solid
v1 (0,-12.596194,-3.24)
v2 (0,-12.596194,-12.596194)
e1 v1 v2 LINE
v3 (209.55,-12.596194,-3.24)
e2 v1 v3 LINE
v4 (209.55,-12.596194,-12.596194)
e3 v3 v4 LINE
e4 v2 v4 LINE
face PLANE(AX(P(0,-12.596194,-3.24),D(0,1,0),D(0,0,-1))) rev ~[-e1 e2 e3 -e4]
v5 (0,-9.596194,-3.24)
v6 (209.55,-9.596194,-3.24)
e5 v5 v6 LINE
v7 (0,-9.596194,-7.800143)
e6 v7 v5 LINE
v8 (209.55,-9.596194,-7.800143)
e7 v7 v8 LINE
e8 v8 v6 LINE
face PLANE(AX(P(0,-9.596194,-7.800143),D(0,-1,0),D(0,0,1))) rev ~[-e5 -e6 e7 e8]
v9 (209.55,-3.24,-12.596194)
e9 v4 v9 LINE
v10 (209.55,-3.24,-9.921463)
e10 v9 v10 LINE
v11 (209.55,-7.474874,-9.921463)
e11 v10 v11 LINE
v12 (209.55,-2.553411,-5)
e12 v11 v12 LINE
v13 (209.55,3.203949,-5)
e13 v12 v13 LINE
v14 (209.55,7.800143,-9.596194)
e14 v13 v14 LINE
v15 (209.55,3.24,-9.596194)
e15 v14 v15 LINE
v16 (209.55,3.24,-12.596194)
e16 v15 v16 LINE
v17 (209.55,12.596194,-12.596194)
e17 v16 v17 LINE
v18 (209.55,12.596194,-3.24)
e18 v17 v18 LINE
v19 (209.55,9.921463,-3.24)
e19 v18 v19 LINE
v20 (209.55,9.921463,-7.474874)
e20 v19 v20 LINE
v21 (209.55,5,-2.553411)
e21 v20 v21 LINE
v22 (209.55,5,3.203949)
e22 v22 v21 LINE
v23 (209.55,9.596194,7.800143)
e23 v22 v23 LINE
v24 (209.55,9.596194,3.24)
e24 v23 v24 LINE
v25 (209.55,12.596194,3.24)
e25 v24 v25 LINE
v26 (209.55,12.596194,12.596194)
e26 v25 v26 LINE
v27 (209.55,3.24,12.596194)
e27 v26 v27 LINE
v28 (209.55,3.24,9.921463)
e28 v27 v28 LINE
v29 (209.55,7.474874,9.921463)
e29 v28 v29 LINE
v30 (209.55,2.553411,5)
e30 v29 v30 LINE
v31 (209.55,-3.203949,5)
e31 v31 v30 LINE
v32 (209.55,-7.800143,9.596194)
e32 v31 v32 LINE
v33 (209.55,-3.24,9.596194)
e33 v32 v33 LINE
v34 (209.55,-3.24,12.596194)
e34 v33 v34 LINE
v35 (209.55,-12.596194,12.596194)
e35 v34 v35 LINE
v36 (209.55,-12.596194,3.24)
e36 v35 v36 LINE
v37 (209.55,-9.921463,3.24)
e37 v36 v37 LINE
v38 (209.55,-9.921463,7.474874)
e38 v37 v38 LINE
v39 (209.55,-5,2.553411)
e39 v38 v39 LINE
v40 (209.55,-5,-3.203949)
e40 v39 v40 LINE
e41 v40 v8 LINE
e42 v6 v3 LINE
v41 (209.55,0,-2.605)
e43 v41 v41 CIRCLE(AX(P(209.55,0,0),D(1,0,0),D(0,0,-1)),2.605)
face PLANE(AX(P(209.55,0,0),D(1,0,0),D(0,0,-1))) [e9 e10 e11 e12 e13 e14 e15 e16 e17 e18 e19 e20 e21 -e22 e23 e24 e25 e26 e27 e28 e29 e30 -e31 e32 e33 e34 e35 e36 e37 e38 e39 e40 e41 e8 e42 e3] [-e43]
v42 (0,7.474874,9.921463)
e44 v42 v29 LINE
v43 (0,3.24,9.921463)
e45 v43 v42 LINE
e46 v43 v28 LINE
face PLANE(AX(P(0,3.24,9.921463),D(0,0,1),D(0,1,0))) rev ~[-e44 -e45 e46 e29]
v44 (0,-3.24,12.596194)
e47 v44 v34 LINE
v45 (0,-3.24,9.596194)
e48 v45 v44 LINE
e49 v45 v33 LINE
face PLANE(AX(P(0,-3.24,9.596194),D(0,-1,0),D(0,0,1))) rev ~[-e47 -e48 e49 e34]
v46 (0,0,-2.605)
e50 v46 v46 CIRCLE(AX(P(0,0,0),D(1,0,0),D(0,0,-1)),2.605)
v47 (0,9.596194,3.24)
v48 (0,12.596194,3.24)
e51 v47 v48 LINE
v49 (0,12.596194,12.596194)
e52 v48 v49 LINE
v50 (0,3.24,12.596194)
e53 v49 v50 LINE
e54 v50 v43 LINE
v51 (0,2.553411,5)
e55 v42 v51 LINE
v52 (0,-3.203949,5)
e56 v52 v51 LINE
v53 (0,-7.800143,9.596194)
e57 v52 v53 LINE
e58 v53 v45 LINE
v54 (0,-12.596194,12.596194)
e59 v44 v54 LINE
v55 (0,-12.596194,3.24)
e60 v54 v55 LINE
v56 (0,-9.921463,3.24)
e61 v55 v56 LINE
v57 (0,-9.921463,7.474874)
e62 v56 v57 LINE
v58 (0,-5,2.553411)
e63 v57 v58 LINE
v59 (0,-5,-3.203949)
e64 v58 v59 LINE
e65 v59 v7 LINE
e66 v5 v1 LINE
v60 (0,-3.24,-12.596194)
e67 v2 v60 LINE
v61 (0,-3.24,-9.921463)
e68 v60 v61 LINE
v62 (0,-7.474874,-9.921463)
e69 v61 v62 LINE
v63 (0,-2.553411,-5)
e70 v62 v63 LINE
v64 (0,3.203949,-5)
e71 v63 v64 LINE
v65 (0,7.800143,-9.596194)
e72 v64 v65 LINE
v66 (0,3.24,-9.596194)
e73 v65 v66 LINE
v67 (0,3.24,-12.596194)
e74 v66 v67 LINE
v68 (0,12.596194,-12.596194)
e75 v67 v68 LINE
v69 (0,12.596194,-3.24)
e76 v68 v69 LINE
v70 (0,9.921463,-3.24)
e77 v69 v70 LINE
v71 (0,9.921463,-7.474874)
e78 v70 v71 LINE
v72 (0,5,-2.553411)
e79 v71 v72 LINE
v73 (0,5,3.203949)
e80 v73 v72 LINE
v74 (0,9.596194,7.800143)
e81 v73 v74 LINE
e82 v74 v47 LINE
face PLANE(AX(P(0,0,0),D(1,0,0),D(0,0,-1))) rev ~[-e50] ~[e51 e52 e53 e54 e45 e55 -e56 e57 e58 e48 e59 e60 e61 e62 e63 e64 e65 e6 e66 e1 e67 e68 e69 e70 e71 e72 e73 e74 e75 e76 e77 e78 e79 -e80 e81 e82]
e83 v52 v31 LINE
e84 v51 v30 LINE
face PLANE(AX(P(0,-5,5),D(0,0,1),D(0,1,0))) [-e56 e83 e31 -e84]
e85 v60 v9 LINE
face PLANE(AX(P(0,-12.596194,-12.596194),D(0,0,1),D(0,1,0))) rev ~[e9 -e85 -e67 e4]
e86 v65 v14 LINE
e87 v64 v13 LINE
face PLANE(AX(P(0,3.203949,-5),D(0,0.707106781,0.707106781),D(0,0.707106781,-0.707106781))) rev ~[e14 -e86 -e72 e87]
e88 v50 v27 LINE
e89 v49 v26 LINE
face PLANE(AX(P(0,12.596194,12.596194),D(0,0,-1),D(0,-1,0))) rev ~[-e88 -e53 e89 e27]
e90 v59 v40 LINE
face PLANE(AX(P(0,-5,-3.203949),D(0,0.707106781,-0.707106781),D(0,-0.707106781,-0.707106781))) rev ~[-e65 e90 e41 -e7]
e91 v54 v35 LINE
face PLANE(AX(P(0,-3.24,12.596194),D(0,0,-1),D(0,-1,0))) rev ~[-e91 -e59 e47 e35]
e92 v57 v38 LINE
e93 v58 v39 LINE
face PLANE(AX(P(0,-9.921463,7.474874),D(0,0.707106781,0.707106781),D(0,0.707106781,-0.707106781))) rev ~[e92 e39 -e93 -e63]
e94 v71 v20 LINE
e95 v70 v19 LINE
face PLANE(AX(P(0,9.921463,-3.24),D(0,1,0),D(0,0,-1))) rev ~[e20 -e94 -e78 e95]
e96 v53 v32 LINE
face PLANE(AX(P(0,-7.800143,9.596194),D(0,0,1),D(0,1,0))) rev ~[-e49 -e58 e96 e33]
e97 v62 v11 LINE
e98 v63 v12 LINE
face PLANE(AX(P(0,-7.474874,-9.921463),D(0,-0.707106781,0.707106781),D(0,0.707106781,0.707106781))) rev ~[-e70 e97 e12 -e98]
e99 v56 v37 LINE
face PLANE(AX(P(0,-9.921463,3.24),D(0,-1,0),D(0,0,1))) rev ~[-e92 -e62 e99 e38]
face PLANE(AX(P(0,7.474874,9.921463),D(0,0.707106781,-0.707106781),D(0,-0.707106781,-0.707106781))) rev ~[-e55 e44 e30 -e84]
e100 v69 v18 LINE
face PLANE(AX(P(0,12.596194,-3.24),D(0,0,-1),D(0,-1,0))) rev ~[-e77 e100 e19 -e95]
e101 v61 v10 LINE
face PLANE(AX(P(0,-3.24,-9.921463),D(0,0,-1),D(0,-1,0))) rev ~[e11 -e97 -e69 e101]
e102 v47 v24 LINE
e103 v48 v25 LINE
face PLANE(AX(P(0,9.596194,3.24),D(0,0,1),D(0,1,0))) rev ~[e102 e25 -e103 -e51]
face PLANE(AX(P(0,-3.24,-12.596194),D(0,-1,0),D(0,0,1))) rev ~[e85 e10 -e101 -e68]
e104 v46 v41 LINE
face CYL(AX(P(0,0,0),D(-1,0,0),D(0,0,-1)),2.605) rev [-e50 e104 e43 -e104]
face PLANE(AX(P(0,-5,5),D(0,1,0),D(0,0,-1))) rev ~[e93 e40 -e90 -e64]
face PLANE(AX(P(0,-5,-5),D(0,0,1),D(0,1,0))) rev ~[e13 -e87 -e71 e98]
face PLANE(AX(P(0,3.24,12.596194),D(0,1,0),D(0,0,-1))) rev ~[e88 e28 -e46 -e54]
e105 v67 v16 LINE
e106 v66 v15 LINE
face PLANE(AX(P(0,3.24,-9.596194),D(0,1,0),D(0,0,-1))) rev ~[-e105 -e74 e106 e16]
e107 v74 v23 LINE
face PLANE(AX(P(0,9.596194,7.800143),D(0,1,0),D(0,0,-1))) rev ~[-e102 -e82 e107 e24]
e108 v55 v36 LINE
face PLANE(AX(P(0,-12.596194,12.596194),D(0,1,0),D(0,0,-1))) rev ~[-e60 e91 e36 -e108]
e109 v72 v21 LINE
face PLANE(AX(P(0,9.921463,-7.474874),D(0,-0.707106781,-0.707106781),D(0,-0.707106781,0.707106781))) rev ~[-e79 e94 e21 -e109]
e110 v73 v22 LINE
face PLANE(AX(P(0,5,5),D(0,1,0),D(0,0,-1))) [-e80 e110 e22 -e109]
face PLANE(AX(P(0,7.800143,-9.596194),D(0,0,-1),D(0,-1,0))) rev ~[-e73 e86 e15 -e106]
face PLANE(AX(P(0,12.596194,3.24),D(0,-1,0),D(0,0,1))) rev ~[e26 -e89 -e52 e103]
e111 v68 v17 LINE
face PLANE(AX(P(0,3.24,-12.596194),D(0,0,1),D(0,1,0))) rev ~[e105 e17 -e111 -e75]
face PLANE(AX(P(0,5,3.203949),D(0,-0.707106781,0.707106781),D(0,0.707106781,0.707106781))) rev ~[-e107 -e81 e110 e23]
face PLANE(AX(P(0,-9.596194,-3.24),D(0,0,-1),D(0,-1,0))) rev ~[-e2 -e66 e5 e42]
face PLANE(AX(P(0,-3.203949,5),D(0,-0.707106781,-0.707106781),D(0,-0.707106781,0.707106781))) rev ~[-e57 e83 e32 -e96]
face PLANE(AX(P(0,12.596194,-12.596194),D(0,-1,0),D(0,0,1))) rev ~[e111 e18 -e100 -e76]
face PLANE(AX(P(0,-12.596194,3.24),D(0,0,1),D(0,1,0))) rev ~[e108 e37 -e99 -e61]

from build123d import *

# Parameters (mm, degrees)
SKETCH1_R           = 2.605
BOSS_EXTRUDE1_DEPTH = 209.55
CIRPATTERN1_COUNT   = 4


with BuildPart() as part:
    # Sketch1 → Boss-Extrude1 (new body)
    with BuildSketch(Plane(origin=(0, 0, 0), x_dir=(0, 0, -1), z_dir=(1, 0, 0))):
        Polygon((5, -5), (5, 3.203948776), (9.596194078, 7.800142853), (9.596194078, 3.24), (12.596194078, 3.24), (12.596194078, 12.596194078), (3.24, 12.596194078), (3.24, 9.921463197), (7.474873734, 9.921463197), (2.553410537, 5), (-5, 5), (-5, -5), align=None)
        Circle(SKETCH1_R, mode=Mode.SUBTRACT)
    boss_extrude1 = extrude(amount=BOSS_EXTRUDE1_DEPTH)

    # CirPattern1: Boss-Extrude1 ×4 about axis
    cirpattern1_axis = Axis((0, 0, 0), (1, 0, 0))
    for i in range(1, CIRPATTERN1_COUNT):
        add(boss_extrude1.rotate(cirpattern1_axis, i * 360 / CIRPATTERN1_COUNT))


solid = part.part
